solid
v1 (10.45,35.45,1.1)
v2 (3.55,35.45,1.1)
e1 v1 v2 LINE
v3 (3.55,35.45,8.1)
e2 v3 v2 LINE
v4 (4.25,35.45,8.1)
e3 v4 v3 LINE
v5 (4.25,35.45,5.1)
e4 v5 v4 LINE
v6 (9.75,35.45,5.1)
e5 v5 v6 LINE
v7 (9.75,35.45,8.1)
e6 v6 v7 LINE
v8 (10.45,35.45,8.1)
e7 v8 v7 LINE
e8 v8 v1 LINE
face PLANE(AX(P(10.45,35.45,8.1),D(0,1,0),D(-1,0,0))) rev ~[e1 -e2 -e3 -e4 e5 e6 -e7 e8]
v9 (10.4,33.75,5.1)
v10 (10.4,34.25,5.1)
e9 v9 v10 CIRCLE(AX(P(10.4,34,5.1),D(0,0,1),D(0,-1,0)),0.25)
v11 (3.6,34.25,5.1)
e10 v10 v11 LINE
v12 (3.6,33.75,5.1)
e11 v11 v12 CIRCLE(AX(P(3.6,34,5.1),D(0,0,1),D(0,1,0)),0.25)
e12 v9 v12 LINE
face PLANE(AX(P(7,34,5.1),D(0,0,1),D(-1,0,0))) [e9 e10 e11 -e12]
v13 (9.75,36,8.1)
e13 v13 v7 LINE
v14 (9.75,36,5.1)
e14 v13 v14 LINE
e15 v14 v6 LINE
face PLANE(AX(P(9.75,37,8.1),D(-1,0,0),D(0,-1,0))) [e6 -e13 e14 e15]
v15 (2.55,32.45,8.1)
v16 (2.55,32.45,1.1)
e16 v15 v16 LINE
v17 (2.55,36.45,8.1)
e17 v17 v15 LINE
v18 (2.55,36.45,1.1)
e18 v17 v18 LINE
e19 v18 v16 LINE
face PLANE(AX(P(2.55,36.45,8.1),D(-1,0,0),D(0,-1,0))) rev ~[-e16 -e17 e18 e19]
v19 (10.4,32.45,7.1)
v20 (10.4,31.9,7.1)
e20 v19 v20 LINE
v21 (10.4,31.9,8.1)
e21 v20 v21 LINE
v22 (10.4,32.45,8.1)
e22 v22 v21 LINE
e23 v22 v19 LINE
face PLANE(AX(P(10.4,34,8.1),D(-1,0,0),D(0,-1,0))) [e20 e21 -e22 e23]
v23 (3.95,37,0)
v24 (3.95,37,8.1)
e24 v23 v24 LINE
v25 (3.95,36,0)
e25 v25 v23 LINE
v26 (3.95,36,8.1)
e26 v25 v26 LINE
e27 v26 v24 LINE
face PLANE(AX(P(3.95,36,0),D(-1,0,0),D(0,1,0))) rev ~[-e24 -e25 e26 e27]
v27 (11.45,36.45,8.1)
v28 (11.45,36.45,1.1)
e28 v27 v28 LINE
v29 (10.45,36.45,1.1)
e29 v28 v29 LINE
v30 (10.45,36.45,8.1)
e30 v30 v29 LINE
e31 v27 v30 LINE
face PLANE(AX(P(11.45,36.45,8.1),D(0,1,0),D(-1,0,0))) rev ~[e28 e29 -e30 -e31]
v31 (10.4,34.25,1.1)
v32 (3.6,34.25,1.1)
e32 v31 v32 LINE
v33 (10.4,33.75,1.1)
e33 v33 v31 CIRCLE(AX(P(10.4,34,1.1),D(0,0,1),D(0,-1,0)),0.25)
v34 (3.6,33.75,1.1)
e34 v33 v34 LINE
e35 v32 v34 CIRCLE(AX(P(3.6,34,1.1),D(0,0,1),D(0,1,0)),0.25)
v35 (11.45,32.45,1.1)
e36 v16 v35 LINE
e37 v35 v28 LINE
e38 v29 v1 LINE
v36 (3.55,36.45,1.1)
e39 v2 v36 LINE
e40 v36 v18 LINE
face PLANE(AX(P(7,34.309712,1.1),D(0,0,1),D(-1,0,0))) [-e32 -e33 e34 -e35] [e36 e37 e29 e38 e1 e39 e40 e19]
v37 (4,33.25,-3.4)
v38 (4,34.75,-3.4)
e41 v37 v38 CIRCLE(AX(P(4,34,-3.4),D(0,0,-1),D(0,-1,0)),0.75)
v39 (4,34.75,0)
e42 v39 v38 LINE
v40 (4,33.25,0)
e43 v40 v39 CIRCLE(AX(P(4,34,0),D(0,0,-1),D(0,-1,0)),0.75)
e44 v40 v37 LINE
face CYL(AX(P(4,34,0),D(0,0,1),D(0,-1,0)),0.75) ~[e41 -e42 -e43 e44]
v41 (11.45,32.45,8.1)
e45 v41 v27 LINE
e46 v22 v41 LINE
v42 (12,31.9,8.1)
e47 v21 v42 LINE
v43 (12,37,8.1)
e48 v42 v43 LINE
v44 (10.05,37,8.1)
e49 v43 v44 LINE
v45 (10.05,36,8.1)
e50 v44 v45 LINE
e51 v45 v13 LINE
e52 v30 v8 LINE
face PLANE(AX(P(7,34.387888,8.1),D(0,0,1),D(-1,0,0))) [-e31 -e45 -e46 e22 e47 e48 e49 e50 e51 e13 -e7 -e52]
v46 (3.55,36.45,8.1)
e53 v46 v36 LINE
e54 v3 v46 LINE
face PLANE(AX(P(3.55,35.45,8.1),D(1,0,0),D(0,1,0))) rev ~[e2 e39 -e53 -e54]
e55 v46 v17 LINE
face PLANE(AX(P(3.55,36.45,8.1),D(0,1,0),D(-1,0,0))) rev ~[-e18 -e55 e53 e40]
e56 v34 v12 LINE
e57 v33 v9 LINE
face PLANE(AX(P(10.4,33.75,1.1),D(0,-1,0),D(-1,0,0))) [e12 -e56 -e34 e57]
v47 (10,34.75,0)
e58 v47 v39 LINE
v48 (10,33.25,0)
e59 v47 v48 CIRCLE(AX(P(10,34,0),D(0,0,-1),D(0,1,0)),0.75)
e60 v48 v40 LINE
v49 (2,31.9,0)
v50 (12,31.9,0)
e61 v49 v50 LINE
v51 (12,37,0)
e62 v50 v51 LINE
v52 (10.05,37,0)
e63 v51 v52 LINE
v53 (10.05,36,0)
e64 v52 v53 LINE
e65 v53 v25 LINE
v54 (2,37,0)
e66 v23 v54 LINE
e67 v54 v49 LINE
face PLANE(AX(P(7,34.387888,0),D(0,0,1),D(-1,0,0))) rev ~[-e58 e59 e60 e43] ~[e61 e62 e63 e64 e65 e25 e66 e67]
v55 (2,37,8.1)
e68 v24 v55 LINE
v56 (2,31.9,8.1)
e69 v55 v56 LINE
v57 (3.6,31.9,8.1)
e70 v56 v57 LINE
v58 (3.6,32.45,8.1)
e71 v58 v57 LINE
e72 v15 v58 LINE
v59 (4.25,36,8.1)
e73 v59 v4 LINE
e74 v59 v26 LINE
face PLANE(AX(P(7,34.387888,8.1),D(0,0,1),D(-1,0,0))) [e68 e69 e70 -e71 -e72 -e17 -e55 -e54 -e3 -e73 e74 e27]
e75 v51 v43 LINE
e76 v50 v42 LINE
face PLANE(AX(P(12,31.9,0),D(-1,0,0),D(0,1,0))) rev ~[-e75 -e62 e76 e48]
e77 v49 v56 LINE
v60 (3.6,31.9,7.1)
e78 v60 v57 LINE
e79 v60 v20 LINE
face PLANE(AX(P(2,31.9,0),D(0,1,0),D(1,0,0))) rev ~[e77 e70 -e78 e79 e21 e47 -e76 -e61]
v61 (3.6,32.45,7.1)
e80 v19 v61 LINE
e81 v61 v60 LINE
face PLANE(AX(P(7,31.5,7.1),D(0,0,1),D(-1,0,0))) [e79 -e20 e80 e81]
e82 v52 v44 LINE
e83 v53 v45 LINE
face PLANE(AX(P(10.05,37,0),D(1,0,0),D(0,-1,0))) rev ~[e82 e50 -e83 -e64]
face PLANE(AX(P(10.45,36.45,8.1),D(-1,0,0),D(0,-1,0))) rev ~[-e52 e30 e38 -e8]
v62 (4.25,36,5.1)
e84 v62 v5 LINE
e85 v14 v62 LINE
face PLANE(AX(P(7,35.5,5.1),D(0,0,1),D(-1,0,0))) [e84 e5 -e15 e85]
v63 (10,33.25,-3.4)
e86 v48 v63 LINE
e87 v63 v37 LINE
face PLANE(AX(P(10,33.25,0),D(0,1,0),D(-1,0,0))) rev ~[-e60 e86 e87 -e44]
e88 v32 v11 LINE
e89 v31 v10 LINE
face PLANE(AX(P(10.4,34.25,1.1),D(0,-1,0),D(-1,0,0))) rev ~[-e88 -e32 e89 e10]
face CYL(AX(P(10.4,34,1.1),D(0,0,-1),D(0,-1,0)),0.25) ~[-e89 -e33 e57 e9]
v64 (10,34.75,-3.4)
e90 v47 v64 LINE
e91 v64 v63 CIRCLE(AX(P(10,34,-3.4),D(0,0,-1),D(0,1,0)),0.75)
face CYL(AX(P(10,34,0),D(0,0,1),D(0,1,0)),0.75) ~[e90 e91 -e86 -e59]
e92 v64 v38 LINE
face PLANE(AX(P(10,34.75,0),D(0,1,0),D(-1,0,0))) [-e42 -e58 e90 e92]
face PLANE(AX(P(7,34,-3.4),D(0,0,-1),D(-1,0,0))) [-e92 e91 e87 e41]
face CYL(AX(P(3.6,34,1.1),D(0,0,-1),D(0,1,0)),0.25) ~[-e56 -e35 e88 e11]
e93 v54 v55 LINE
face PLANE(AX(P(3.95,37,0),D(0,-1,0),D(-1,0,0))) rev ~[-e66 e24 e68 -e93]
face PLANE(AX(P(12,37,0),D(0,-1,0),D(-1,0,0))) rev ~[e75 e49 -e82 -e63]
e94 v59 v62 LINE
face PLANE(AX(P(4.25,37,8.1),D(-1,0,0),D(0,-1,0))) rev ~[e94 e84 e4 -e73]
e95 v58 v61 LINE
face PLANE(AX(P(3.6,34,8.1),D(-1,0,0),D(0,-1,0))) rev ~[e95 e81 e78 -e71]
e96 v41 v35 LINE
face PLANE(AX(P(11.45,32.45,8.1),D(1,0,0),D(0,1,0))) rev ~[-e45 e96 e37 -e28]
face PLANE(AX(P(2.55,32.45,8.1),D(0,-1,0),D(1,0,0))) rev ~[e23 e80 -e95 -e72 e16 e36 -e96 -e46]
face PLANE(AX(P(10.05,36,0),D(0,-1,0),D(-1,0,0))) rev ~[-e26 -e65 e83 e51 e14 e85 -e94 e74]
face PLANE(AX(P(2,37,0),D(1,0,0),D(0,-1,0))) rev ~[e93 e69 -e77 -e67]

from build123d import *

# Parameters (mm, degrees)
PAD005_DEPTH            = 8.1
POCKET003_DEPTH         = 7
SKETCH010_W             = 6.8
SKETCH010_H             = 5
POCKET004_DEPTH         = 1
SKETCH011_W             = 5.5
SKETCH011_H             = 3
POCKET005_DEPTH         = 3
PAD006_DEPTH            = 4
PAD014_DEPTH            = 3.4
BODY005_PLACEMENT_ANGLE = 180


with BuildPart() as part:
    # Sketch008 → Pad005 (new body)
    with BuildSketch(Plane.XY):
        Polygon((-5, 0), (-3.05, 0), (-3.05, 1), (3.05, 1), (3.05, 0), (5, 0), (5, 5.1), (-5, 5.1), align=None)
    extrude(amount=PAD005_DEPTH)

    # Sketch009 (on Face10 of Pad005) → Pocket003 (cut)
    with BuildSketch(Plane.XY.offset(8.1)):
        Polygon((-4.45, 0.55), (-3.45, 0.55), (-3.45, 1.55), (3.45, 1.55), (3.45, 0.55), (4.45, 0.55), (4.45, 4.55), (-4.45, 4.55), align=None)
    extrude(amount=-POCKET003_DEPTH, mode=Mode.SUBTRACT)

    # Sketch010 (on Face5 of Pocket003) → Pocket004 (cut)
    with BuildSketch(Plane.XY.offset(8.1)):
        with Locations((0, 5.5)):
            Rectangle(SKETCH010_W, SKETCH010_H)
    extrude(amount=-POCKET004_DEPTH, mode=Mode.SUBTRACT)

    # Sketch011 (on Face5 of Pocket004) → Pocket005 (cut)
    with BuildSketch(Plane.XY.offset(8.1)):
        with Locations((0, 1.5)):
            Rectangle(SKETCH011_W, SKETCH011_H)
    extrude(amount=-POCKET005_DEPTH, mode=Mode.SUBTRACT)

    # Sketch012 (on Face26 of Pocket005) → Pad006 (join)
    with BuildSketch(Plane.XY.offset(1.1)):
        with BuildLine():
            ThreePointArc((-3.4, 3.25), (-3.65, 3), (-3.4, 2.75))
            Line((-3.4, 2.75), (3.4, 2.75))
            ThreePointArc((3.4, 2.75), (3.65, 3), (3.4, 3.25))
            Line((-3.4, 3.25), (3.4, 3.25))
        make_face()
    extrude(amount=PAD006_DEPTH)

    # Sketch020 (on Face4 of Pad006) → Pad014 (join)
    with BuildSketch(Plane(origin=(0, 0, 0), x_dir=(1, 0, 0), z_dir=(0, 0, -1))):
        with BuildLine():
            ThreePointArc((-3, -2.25), (-3.75, -3), (-3, -3.75))
            Line((-3, -3.75), (3, -3.75))
            ThreePointArc((3, -3.75), (3.75, -3), (3, -2.25))
            Line((-3, -2.25), (3, -2.25))
        make_face()
    extrude(amount=PAD014_DEPTH)


with BuildPart() as part_1:
    # Body005 placement: moved
    add(part.part.moved(Location((-7, 29, 0))).rotate(Axis((-7, 29, 0), (0, 0, 1)), BODY005_PLACEMENT_ANGLE))


with BuildPart() as part_2:
    # Body008 placement: moved
    add(part_1.part.moved(Location((14, 8, 0))))


solid = part_2.part
